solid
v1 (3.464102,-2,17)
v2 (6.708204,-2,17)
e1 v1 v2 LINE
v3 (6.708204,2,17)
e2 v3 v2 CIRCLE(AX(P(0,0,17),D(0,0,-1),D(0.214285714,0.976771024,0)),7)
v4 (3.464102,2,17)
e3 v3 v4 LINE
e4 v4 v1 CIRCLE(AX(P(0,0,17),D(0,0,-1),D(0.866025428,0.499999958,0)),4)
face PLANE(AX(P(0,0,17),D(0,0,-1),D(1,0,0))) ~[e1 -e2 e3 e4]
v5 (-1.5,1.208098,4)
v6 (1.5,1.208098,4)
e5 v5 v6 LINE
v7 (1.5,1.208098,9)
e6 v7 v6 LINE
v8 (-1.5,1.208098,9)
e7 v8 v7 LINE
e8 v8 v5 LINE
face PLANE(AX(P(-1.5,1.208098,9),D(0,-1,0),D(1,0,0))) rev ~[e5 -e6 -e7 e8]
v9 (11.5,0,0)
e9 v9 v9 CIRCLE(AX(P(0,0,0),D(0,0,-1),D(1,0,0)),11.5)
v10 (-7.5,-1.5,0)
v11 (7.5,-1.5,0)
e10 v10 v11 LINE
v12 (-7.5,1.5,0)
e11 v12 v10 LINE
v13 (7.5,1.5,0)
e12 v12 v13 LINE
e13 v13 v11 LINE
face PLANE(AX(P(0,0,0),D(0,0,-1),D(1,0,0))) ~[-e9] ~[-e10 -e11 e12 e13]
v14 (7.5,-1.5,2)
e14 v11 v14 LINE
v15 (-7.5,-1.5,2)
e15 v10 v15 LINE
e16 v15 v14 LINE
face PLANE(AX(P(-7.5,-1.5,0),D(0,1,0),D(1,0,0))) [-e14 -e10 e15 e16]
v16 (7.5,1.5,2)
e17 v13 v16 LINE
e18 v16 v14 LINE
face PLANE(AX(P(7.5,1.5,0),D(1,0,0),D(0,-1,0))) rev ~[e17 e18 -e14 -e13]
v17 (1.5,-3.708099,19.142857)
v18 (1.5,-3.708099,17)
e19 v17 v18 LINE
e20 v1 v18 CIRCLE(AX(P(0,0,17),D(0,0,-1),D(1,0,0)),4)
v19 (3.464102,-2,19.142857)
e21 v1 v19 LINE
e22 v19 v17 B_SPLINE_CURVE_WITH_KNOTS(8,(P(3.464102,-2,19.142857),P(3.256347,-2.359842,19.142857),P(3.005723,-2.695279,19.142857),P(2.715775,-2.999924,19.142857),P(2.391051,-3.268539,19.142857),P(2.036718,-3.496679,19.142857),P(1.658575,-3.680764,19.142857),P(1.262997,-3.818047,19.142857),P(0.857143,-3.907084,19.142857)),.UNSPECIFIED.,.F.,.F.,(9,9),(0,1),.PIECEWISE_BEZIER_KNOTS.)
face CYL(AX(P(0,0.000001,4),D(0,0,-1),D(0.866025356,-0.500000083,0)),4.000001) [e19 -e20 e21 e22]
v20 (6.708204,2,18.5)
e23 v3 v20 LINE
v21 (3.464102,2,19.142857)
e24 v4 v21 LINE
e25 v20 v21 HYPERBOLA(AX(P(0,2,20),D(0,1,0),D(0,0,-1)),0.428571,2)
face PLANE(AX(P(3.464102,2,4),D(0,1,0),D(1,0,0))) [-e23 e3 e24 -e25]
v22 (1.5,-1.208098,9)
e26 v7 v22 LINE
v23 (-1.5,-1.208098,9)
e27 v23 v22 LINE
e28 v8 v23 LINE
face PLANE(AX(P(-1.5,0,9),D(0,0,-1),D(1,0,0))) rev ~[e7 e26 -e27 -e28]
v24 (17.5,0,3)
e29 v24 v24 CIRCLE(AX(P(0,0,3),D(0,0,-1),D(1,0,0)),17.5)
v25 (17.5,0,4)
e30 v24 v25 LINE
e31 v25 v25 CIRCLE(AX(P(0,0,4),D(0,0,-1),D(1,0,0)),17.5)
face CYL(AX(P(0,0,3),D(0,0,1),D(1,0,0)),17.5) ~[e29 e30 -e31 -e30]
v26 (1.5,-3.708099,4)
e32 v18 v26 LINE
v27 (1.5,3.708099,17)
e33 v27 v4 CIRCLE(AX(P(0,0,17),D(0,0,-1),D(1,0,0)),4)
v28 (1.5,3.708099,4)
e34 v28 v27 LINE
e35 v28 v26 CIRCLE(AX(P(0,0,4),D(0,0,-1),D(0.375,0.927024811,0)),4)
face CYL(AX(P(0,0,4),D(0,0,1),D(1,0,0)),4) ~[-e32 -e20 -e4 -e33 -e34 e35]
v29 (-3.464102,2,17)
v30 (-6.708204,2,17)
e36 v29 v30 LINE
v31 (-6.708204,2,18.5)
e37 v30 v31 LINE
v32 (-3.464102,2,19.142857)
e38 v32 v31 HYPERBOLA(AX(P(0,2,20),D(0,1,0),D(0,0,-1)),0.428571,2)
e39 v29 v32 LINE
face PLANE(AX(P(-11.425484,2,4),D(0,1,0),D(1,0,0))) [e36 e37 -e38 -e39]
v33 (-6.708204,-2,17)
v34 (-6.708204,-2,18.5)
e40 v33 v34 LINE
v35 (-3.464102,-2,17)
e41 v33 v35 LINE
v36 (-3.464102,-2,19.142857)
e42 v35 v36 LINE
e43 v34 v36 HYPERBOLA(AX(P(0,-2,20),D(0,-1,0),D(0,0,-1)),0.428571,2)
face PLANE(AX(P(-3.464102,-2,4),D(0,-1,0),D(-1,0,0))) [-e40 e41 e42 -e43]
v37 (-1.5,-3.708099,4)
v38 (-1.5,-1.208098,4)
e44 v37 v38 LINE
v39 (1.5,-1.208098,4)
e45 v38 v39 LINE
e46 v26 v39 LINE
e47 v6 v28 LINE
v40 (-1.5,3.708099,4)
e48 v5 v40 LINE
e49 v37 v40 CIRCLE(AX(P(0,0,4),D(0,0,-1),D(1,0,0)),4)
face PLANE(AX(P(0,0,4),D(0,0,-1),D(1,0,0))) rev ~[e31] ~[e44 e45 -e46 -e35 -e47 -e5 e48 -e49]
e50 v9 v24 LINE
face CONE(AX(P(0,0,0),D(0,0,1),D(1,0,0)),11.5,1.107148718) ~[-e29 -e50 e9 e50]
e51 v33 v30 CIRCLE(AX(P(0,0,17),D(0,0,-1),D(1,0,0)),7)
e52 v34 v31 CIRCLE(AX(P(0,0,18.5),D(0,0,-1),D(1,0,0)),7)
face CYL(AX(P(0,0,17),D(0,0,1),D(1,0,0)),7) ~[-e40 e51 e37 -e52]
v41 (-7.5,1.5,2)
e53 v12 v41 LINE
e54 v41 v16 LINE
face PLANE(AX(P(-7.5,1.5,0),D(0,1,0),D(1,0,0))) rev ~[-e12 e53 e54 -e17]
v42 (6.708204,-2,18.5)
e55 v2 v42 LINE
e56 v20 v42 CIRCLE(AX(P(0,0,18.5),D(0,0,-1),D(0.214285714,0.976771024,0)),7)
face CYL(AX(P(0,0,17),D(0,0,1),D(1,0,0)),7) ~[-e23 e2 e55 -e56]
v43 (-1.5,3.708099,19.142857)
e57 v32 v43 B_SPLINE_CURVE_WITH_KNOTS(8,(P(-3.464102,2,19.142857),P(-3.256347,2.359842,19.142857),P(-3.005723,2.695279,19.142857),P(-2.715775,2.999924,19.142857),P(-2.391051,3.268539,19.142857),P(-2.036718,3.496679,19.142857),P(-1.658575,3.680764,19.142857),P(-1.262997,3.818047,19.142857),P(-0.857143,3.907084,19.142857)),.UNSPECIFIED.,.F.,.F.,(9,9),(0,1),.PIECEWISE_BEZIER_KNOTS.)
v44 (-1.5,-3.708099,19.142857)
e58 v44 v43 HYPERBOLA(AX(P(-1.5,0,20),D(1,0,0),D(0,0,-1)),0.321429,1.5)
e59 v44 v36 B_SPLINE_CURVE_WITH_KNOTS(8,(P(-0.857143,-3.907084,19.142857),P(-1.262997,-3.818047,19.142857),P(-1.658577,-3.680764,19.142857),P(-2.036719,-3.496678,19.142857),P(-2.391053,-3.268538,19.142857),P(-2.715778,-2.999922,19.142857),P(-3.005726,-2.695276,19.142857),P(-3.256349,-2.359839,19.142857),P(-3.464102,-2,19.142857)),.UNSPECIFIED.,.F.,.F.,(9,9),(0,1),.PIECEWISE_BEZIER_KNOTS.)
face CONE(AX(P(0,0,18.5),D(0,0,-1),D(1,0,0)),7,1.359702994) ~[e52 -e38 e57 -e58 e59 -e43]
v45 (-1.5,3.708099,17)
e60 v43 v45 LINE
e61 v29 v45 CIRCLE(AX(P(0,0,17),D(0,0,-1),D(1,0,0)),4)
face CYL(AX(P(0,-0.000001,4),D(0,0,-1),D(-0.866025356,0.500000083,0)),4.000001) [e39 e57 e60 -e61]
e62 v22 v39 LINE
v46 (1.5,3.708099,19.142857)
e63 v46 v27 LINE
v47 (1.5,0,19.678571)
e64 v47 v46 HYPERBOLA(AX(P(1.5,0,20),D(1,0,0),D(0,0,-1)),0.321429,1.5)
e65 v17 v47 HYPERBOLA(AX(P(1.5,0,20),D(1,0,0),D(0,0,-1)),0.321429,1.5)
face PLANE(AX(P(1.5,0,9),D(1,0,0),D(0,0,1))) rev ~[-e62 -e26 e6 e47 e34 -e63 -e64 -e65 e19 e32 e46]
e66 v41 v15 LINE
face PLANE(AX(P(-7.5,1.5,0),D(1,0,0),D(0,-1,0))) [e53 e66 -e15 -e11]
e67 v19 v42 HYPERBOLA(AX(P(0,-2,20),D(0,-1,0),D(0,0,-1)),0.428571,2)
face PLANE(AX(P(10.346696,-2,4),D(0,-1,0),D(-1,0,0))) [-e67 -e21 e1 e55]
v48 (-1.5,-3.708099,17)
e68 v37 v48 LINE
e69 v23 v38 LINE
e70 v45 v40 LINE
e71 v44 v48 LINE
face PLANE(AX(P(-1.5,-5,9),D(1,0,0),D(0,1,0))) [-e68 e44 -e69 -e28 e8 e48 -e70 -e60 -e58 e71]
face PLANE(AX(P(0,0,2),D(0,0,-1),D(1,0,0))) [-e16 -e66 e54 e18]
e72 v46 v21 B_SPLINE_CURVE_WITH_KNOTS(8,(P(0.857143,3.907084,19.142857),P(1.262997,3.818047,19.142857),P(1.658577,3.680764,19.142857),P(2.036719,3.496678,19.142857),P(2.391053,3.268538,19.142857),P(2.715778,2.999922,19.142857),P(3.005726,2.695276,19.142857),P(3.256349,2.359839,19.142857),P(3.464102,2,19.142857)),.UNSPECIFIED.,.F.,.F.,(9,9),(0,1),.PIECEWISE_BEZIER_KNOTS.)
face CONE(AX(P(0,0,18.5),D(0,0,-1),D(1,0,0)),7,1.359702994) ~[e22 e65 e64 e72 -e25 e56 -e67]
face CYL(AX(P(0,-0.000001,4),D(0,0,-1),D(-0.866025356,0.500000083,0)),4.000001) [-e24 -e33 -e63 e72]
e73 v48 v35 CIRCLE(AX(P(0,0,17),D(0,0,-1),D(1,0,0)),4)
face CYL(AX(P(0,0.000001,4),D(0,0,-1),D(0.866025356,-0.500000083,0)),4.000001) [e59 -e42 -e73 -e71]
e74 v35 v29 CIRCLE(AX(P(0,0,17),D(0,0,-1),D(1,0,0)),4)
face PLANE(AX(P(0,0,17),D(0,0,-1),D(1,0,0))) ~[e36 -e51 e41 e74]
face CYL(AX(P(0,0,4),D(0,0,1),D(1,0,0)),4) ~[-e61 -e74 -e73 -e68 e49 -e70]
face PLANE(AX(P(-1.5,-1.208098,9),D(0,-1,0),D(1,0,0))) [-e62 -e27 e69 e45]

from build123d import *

# Parameters (mm, degrees)
F2_W     = 3
F2_H     = 11.5
F3_DEPTH = 25
F5_DEPTH = 15.679571
F6_W     = 15
F6_H     = 3
F7_DEPTH = 2
F8_W     = 3
F8_H     = 3.791901
F9_DEPTH = 5


with BuildPart() as f1:
    # F0 (on Front) → F1 (revolve)
    with BuildSketch(Plane.XZ):
        Polygon((0, 20), (0, 0), (11.5, 0), (17.5, 3), (17.5, 4), (4, 4), (4, 17), (7, 17), (7, 18.5), align=None)
    revolve(axis=Axis((0, 0, 10), (0, 0, -1)))

    # F2 (on Front) → F3 (cut, symmetric)
    with BuildSketch(Plane.XZ):
        with Locations((0, 14.75)):
            Rectangle(F2_W, F2_H)
    extrude(amount=F3_DEPTH, both=True, mode=Mode.SUBTRACT)

    # F4 (on face) → F5 (cut, through all)
    with BuildSketch(Plane.XY.offset(4)):
        with BuildLine():
            ThreePointArc((3.464102, -2), (0, -4), (-3.464102, -2))
            Line((-3.464102, -2), (-11.425484, -2))
            Line((-11.425484, -2), (-11.425484, -9.836984))
            Line((-11.425484, -9.836984), (10.346696, -9.836984))
            Line((10.346696, -9.836984), (10.346696, -2))
            Line((10.346696, -2), (3.464102, -2))
        make_face()
        with BuildLine():
            Line((-11.425484, 9.079754), (-11.425484, 2))
            Line((-11.425484, 2), (-3.464102, 2))
            ThreePointArc((-3.464102, 2), (0, 4), (3.464102, 2))
            Line((3.464102, 2), (10.346696, 2))
            Line((10.346696, 2), (10.346696, 9.079754))
            Line((10.346696, 9.079754), (-11.425484, 9.079754))
        make_face()
    extrude(amount=F5_DEPTH, mode=Mode.SUBTRACT)

    # F6 (on face) → F7 (cut)
    with BuildSketch(Plane(origin=(0, 0, 0), x_dir=(1, 0, 0), z_dir=(0, 0, -1))):
        Rectangle(F6_W, F6_H)
    extrude(amount=-F7_DEPTH, mode=Mode.SUBTRACT)

    # F8 (on face) → F9 (cut, through all)
    with BuildSketch(Plane.XY.offset(9)):
        with Locations((0, 3.104049)):
            Rectangle(F8_W, F8_H)
        with Locations((0, -3.104049)):
            Rectangle(F8_W, F8_H)
    extrude(amount=-F9_DEPTH, mode=Mode.SUBTRACT)


solid = f1.part
